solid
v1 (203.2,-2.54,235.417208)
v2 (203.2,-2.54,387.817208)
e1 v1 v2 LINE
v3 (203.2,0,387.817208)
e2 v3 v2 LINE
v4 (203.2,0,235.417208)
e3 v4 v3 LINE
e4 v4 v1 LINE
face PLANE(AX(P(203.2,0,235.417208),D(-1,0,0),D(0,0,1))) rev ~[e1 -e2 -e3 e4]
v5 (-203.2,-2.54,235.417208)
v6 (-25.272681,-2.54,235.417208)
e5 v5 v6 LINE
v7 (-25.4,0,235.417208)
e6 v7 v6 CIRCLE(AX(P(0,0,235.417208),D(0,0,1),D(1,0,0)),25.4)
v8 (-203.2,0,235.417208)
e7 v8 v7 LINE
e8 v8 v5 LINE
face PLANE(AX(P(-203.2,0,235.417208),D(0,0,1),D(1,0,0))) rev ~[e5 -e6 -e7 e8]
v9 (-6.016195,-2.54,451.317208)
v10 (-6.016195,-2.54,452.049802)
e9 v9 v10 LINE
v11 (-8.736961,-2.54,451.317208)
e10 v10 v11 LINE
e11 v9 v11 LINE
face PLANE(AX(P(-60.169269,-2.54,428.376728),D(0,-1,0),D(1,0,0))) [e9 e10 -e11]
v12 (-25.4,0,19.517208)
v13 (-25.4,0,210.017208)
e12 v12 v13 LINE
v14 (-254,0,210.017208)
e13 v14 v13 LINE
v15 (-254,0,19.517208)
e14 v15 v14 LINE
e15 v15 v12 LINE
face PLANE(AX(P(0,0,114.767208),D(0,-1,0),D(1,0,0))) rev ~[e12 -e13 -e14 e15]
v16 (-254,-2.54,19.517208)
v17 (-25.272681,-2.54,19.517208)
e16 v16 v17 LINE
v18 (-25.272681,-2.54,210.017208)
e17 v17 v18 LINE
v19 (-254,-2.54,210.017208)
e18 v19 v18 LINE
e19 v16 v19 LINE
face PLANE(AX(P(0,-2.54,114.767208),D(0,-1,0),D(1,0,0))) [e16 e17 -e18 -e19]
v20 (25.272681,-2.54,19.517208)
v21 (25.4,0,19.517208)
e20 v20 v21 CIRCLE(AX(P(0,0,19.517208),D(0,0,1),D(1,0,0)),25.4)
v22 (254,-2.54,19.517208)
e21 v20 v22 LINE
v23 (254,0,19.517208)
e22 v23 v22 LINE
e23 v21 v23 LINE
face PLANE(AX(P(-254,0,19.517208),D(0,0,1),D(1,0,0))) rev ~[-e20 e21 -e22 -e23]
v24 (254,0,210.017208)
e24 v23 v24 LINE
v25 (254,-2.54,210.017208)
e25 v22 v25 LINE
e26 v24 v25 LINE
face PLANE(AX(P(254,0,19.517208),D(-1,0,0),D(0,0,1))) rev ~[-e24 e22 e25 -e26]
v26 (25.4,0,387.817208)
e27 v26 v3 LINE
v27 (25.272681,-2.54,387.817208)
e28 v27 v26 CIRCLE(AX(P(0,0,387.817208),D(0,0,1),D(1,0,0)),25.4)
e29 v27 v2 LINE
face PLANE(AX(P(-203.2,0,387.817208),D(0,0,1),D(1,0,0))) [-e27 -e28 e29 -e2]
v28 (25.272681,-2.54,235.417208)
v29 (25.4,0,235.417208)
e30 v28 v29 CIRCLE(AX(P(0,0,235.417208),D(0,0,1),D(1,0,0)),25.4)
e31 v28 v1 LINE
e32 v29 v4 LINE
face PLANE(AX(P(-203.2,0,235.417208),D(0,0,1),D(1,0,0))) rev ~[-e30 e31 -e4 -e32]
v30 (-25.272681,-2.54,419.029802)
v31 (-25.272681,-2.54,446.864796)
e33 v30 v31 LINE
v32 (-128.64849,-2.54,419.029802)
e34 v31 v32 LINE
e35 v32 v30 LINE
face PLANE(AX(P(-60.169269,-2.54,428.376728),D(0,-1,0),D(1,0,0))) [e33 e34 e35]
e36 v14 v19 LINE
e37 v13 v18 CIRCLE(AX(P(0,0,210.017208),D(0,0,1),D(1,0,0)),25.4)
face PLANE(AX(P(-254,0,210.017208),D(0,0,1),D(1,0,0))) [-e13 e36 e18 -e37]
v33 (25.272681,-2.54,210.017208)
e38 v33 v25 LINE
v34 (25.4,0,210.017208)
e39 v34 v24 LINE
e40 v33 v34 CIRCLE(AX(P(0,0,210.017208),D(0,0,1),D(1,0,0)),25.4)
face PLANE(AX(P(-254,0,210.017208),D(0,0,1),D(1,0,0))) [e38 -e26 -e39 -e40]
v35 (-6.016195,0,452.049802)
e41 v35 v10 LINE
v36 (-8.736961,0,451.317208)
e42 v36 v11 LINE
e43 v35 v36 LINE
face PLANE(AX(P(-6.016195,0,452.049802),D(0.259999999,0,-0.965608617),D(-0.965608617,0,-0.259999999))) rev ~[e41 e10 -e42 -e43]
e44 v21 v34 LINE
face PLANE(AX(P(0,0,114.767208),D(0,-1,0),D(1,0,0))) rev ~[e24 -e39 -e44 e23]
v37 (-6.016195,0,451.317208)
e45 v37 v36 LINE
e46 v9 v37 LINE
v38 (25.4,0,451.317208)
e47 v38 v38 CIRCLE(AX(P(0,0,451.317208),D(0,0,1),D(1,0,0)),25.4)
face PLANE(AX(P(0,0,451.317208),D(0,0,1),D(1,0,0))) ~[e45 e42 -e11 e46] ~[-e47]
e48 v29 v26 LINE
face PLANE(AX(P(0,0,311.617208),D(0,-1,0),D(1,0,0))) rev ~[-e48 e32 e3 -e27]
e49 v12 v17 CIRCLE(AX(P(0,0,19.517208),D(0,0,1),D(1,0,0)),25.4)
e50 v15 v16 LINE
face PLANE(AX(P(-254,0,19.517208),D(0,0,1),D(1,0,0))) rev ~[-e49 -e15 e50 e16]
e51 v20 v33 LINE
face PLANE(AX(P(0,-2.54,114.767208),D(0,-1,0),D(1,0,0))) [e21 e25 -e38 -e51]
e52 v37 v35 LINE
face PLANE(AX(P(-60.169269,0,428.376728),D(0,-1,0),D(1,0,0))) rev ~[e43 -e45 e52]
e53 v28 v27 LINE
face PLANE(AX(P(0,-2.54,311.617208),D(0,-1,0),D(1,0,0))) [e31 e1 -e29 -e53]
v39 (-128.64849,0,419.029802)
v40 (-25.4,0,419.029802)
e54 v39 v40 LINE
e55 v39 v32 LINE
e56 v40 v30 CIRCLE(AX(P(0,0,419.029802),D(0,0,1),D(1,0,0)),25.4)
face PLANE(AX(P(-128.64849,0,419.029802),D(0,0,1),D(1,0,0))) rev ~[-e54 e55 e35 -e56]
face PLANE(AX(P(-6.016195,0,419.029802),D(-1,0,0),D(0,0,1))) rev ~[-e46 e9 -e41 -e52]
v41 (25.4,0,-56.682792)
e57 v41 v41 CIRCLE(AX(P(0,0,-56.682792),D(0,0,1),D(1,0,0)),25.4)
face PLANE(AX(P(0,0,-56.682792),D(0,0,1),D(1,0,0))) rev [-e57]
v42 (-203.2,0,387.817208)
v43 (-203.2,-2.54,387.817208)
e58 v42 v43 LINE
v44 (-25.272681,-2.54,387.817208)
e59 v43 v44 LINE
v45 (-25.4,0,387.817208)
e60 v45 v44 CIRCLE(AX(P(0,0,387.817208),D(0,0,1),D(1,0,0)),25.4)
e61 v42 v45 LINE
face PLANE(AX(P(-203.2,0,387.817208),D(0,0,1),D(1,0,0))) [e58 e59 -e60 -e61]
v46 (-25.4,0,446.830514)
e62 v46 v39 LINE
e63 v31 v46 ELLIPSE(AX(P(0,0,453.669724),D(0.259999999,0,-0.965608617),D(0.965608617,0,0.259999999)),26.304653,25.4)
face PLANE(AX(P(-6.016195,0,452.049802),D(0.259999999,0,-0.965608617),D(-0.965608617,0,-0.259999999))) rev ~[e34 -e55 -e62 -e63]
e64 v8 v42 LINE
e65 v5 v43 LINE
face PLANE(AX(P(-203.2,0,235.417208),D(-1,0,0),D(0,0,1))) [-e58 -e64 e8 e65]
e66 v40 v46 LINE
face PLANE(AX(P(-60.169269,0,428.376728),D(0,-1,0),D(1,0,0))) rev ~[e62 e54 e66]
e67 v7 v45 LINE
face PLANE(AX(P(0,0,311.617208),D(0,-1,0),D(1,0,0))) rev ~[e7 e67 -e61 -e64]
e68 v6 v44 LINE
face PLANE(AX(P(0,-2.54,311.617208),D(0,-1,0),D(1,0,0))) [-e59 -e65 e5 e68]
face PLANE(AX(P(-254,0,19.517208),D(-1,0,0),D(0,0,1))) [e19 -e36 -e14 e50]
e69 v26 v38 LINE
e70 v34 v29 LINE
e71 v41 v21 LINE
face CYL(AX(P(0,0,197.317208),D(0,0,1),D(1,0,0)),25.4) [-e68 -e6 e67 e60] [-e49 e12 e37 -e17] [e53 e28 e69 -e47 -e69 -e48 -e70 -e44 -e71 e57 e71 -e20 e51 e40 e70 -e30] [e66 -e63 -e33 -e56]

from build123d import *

# Parameters (mm, degrees)
F0_W     = 25.4
F0_H     = 508
F2_W     = 508
F2_H     = 190.5
F3_DEPTH = 2.54
F4_W     = 406.4
F4_H     = 152.4
F5_DEPTH = 2.54


with BuildPart() as f1:
    # F0 (on Front) → F1 (revolve)
    with BuildSketch(Plane.XZ):
        with Locations((12.7, 197.317208)):
            Rectangle(F0_W, F0_H)
    revolve(axis=Axis((0, 0, 197.317208), (0, 0, 1)))

    # F2 (on Front) → F3 (join)
    with BuildSketch(Plane.XZ):
        with Locations((0, 114.767208)):
            Rectangle(F2_W, F2_H)
    extrude(amount=F3_DEPTH)

    # F4 (on Front) → F5 (join)
    with BuildSketch(Plane.XZ):
        with Locations((0, 311.617208)):
            Rectangle(F4_W, F4_H)
        Polygon((-6.016195, 419.029802), (-6.016195, 452.049802), (-128.64849, 419.029802), align=None)
    extrude(amount=F5_DEPTH)


solid = f1.part
